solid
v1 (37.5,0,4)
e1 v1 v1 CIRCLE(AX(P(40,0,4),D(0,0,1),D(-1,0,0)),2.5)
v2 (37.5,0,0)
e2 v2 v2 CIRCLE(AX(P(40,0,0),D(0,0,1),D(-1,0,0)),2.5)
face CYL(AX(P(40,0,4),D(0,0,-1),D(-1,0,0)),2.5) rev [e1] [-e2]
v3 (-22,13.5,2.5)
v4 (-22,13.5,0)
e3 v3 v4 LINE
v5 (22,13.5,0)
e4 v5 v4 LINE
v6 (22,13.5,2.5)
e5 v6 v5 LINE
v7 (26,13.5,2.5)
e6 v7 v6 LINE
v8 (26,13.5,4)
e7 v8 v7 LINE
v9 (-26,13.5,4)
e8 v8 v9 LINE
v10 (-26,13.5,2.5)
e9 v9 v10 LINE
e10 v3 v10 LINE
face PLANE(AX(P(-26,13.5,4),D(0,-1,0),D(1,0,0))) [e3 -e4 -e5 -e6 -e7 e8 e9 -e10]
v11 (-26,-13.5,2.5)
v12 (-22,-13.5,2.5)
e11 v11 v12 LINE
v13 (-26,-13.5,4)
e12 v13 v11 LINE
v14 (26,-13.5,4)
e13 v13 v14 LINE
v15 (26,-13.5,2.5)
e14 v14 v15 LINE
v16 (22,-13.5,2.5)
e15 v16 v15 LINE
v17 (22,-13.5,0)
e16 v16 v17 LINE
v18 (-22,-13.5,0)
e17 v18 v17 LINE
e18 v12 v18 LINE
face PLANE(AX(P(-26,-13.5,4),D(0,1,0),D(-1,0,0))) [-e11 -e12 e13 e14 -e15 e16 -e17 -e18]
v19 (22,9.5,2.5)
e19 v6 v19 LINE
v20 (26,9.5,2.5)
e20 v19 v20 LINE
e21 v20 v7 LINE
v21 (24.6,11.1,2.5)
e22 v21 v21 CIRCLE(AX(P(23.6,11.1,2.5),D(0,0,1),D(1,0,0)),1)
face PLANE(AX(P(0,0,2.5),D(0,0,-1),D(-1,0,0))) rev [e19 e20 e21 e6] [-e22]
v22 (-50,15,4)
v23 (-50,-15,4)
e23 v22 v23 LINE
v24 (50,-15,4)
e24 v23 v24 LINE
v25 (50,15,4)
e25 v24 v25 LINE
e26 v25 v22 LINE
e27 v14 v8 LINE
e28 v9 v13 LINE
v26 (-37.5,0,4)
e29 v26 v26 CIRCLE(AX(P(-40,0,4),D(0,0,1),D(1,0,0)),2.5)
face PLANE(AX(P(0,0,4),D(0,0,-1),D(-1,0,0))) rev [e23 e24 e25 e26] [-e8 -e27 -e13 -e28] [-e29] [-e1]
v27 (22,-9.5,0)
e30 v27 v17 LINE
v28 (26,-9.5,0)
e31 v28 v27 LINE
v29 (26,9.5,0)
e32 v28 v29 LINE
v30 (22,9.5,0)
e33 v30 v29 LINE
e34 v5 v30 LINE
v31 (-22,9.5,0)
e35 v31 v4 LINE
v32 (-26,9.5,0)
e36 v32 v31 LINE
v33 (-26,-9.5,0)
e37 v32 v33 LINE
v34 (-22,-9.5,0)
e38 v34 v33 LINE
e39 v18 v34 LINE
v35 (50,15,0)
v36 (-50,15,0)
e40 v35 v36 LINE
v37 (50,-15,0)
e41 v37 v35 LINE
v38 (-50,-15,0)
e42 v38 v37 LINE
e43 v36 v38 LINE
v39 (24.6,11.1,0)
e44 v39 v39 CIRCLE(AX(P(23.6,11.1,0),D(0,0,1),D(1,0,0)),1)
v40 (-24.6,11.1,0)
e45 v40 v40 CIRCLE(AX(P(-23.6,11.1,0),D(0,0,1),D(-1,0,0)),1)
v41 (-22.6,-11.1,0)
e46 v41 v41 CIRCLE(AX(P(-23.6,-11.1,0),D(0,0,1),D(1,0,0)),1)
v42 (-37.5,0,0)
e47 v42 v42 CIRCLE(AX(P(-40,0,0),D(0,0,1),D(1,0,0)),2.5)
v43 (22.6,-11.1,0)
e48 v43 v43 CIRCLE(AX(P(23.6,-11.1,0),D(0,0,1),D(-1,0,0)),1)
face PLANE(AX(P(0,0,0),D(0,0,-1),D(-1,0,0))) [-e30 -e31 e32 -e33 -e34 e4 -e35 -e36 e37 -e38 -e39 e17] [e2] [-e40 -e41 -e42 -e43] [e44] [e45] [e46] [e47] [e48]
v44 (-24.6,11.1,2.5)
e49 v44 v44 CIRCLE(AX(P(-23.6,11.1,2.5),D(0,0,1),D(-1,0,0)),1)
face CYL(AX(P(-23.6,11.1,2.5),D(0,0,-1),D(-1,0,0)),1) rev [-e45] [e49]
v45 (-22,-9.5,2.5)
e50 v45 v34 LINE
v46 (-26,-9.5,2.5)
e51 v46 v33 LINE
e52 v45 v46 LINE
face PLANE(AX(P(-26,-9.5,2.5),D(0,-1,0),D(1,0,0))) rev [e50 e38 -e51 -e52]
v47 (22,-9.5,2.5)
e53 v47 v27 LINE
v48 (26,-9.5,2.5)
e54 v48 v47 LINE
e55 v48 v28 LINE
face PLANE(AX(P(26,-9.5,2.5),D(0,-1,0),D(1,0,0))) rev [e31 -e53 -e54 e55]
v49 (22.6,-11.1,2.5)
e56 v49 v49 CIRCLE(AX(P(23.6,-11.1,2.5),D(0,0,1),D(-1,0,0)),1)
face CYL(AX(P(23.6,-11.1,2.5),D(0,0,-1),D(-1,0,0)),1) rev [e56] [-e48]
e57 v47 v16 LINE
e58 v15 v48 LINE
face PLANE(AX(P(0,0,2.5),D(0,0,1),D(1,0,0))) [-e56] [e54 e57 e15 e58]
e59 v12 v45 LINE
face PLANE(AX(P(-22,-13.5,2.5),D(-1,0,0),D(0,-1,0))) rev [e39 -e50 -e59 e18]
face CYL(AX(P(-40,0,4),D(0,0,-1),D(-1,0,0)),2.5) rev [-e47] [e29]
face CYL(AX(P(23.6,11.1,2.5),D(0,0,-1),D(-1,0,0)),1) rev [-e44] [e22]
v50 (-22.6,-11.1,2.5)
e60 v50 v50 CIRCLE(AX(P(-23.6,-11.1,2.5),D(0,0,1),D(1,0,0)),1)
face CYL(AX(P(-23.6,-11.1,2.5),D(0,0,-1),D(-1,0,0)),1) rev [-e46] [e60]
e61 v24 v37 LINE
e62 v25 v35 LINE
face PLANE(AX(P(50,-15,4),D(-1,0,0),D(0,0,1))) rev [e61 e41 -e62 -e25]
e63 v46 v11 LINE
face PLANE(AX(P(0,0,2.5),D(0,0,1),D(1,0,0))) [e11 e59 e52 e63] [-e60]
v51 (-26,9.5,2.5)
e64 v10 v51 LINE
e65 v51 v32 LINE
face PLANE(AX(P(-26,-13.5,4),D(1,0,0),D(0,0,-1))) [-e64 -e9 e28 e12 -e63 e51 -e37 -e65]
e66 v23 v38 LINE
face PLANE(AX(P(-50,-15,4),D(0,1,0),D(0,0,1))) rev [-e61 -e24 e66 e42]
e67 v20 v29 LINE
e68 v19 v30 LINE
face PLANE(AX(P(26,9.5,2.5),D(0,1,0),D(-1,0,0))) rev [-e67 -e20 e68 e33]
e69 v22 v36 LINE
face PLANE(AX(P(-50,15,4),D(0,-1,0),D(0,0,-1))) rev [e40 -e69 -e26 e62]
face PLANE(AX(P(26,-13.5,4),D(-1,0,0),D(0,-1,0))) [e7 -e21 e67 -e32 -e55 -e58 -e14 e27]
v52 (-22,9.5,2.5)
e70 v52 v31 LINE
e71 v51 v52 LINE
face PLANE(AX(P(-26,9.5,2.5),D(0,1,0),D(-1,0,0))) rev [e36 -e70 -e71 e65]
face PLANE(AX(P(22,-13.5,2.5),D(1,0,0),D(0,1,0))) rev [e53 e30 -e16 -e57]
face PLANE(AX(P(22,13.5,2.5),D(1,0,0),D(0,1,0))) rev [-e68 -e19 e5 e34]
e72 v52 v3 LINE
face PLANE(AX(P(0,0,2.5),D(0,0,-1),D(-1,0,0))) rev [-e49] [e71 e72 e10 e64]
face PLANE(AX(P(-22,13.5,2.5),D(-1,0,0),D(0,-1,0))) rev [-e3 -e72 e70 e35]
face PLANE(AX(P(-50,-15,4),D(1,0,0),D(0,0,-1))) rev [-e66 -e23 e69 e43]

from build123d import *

# Parameters (mm, degrees)
SKETCH1_W           = 100
SKETCH1_H           = 30
SKETCH1_R           = 2.5
SKETCH1_W_2         = 52
SKETCH1_H_2         = 27
BOSS_EXTRUDE1_DEPTH = 4
SKETCH2_W           = 4
SKETCH2_H           = 4
SKETCH2_R           = 1
BOSS_EXTRUDE2_DEPTH = 2.5


with BuildPart() as part:
    # Sketch1 → Boss-Extrude1 (new body)
    with BuildSketch(Plane.XY):
        Rectangle(SKETCH1_W, SKETCH1_H)
        with Locations((-40, 0)):
            Circle(SKETCH1_R, mode=Mode.SUBTRACT)
        with Locations((40, 0)):
            Circle(SKETCH1_R, mode=Mode.SUBTRACT)
        Rectangle(SKETCH1_W_2, SKETCH1_H_2, mode=Mode.SUBTRACT)
    extrude(amount=BOSS_EXTRUDE1_DEPTH)

    # Sketch2 → Boss-Extrude2 (add)
    with BuildSketch(Plane.XY):
        with Locations((24, -11.5)):
            Rectangle(SKETCH2_W, SKETCH2_H)
        with Locations((23.6, -11.1)):
            Circle(SKETCH2_R, mode=Mode.SUBTRACT)
        with Locations((24, 11.5)):
            Rectangle(SKETCH2_W, SKETCH2_H)
        with Locations((23.6, 11.1)):
            Circle(SKETCH2_R, mode=Mode.SUBTRACT)
        with Locations((-24, -11.5)):
            Rectangle(SKETCH2_W, SKETCH2_H)
        with Locations((-23.6, -11.1)):
            Circle(SKETCH2_R, mode=Mode.SUBTRACT)
        with Locations((-24, 11.5)):
            Rectangle(SKETCH2_W, SKETCH2_H)
        with Locations((-23.6, 11.1)):
            Circle(SKETCH2_R, mode=Mode.SUBTRACT)
    extrude(amount=BOSS_EXTRUDE2_DEPTH)


solid = part.part
